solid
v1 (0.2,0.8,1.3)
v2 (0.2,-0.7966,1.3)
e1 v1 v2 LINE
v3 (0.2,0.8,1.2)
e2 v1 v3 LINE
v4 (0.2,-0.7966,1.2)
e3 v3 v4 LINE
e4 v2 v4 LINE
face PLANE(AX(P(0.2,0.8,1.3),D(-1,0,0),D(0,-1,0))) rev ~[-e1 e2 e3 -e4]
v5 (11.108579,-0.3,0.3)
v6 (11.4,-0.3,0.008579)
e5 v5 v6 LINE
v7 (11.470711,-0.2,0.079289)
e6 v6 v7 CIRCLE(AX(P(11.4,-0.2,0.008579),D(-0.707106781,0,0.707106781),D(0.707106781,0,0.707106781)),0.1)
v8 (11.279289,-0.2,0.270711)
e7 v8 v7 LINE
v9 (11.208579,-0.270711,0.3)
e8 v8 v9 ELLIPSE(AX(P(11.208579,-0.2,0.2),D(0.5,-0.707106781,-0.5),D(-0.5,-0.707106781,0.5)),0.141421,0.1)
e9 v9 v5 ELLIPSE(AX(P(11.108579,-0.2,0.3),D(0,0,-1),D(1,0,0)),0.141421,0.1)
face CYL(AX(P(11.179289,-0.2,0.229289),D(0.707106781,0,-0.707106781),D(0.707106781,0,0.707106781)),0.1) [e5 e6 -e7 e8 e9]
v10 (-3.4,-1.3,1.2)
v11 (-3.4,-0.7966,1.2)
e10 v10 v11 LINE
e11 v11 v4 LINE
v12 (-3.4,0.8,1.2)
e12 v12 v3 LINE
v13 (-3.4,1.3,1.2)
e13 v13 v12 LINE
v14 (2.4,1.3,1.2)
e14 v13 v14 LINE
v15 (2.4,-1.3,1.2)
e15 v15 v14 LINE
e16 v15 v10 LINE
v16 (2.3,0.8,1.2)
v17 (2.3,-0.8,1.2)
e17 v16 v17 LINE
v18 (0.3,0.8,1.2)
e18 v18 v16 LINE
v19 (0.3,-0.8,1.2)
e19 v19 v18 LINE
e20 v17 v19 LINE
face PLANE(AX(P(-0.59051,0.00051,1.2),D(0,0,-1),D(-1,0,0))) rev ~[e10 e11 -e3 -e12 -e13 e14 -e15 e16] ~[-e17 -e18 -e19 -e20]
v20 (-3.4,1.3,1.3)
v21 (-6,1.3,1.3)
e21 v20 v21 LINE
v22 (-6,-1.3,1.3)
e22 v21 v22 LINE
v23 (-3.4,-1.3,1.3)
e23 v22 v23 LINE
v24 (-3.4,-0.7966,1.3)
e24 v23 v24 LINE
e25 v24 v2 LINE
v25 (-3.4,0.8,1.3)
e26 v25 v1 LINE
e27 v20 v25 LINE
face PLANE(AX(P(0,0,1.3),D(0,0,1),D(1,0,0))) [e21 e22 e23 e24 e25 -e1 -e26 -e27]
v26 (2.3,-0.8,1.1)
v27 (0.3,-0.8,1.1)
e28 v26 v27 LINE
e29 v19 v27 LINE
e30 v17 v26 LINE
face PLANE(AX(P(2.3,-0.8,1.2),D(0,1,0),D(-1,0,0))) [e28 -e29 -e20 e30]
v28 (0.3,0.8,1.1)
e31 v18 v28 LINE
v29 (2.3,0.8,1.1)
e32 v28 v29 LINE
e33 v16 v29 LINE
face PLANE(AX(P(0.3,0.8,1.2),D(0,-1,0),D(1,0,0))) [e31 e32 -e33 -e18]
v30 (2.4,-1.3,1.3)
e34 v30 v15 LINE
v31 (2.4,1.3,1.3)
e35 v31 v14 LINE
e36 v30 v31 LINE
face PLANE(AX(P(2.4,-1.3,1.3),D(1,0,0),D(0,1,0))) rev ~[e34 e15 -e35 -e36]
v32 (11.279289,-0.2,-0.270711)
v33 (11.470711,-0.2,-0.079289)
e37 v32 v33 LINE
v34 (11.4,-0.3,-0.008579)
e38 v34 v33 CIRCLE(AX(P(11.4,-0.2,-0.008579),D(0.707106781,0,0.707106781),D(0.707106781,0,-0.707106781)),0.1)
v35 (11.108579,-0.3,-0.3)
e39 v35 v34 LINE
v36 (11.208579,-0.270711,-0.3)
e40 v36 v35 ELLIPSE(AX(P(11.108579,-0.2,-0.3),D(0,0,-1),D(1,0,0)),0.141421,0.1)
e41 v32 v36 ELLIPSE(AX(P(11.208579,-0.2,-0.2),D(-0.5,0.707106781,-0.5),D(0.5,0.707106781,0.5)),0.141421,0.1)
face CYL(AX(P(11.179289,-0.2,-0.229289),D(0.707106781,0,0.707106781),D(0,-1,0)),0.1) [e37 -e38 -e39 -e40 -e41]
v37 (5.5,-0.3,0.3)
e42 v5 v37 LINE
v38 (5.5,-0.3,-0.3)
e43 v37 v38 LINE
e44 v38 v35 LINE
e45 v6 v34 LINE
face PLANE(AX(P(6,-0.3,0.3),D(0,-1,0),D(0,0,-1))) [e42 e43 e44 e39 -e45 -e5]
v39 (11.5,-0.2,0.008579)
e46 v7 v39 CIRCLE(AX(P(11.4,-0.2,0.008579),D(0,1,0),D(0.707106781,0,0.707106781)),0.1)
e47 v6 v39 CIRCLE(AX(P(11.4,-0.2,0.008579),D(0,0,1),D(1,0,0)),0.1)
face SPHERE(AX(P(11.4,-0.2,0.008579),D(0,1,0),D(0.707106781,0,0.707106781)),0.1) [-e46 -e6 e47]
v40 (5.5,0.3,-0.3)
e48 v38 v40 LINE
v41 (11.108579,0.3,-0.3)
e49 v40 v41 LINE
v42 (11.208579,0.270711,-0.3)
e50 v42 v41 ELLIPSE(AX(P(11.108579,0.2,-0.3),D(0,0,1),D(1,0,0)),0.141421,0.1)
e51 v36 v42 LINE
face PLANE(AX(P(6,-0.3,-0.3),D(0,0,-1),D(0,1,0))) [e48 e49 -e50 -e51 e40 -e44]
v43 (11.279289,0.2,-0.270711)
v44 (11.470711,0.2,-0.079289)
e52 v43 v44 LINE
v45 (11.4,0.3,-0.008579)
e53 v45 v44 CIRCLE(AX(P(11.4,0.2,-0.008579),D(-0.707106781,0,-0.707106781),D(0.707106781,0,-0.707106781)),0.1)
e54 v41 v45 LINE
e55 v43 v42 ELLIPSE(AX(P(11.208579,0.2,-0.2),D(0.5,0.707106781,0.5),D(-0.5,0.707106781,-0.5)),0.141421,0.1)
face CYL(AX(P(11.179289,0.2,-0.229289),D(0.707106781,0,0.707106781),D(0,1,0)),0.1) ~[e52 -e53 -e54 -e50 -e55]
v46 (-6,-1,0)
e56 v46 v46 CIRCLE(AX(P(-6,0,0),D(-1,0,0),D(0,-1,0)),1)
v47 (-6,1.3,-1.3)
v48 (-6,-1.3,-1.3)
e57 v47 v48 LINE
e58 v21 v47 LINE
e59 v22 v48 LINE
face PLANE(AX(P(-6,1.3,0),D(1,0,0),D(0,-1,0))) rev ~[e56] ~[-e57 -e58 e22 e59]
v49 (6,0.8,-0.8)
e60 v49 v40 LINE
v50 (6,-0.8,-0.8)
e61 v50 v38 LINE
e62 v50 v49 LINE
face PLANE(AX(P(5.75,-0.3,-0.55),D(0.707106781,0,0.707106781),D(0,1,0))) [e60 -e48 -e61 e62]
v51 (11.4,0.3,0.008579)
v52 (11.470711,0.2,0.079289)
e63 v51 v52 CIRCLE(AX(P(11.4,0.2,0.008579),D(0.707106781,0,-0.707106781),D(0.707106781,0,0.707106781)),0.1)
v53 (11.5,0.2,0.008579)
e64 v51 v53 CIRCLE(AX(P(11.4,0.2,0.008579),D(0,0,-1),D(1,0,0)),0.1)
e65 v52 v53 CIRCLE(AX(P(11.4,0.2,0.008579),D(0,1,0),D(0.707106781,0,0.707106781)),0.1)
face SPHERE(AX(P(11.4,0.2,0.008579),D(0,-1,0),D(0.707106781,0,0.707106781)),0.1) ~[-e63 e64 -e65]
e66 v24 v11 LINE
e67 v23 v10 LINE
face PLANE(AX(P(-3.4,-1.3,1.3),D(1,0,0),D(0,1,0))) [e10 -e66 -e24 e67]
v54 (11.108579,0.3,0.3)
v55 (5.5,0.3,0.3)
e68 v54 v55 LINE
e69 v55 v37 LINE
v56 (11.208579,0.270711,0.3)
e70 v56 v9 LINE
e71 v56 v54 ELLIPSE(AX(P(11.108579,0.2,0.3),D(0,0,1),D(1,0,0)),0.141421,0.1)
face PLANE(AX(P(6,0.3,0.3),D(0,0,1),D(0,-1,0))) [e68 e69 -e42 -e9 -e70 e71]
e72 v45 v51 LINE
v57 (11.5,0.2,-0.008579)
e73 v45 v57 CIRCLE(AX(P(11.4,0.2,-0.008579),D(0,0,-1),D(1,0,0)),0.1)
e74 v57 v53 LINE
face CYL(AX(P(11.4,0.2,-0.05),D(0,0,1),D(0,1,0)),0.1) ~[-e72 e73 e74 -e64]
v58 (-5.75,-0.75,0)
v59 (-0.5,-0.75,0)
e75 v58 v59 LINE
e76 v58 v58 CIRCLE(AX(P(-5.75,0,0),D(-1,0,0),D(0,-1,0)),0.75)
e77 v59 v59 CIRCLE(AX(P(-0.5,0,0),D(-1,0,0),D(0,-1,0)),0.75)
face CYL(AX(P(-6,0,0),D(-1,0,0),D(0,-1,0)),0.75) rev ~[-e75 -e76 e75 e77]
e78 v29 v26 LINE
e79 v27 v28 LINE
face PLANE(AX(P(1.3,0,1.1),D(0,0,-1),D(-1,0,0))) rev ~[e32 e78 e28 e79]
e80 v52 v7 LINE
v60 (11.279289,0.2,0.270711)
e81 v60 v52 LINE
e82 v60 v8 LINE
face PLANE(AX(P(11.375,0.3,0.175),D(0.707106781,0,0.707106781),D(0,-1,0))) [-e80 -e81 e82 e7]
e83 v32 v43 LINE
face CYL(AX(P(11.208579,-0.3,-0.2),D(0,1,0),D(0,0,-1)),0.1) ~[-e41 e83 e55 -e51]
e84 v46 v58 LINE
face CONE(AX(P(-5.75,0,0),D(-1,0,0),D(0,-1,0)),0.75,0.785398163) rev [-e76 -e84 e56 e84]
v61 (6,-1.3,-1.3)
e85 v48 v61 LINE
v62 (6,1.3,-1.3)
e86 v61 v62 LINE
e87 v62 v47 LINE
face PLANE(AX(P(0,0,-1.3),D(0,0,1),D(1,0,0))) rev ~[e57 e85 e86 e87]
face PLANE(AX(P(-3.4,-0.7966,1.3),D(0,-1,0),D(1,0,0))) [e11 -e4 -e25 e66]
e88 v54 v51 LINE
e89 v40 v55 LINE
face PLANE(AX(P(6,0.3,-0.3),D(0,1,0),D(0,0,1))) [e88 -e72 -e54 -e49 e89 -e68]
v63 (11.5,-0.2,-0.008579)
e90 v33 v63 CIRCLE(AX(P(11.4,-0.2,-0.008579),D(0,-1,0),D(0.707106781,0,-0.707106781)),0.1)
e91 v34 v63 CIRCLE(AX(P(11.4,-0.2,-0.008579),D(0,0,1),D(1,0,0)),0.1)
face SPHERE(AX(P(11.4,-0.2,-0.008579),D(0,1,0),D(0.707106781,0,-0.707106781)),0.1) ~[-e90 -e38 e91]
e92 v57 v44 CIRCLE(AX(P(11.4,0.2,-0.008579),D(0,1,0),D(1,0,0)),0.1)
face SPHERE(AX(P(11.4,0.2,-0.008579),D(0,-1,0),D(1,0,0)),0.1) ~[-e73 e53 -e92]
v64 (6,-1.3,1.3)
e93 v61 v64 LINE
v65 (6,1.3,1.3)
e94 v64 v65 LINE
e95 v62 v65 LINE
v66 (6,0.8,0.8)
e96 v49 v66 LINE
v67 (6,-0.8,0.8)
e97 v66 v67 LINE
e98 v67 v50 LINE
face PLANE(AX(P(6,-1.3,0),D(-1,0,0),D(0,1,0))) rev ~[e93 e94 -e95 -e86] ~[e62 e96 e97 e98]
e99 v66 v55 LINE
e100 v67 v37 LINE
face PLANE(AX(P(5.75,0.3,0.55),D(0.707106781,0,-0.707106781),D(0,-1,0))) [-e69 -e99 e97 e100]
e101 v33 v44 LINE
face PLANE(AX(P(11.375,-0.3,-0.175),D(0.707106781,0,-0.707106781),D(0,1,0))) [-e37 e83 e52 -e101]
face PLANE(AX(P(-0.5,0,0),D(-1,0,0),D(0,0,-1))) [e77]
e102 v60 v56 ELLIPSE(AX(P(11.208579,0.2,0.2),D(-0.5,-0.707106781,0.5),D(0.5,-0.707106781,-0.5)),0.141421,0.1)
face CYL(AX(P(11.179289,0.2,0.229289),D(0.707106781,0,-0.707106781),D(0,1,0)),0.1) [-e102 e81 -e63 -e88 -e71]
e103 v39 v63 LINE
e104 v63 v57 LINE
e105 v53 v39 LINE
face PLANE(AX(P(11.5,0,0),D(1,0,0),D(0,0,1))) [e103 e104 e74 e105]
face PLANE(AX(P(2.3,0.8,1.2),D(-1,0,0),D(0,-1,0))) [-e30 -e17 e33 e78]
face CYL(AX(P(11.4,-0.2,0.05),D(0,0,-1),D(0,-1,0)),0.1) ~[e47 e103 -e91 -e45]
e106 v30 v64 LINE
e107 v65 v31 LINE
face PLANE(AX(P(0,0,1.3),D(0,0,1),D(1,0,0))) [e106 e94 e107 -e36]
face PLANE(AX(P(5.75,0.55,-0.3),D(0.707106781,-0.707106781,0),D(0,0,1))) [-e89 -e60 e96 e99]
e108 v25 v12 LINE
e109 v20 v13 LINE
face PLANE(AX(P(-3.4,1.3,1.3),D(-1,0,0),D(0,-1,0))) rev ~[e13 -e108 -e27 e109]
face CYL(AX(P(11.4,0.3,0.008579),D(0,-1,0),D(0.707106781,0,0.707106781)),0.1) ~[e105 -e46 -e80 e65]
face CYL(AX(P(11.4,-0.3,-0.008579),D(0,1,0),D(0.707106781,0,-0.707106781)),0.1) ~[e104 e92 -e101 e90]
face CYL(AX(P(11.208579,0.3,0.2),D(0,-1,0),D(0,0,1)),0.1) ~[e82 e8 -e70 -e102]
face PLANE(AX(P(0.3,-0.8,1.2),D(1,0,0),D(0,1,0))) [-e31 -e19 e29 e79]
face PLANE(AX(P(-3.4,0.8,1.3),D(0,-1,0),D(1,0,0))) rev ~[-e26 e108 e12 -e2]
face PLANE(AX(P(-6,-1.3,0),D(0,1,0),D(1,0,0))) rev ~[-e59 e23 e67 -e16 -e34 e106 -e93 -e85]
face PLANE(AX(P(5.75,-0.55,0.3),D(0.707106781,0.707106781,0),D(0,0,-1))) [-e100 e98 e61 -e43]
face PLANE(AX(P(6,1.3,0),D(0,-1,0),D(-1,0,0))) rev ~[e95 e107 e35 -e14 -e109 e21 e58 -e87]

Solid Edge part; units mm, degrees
sketch "Sketch1" plane through (0, 0, 0) normal (0, 0, 1) x (1, 0, 0)
  line L0 (-6, -1.3) -> (6, -1.3)
  line L1 (6, -1.3) -> (6, 1.3)
  line L2 (6, 1.3) -> (-6, 1.3)
  line L3 (-6, 1.3) -> (-6, -1.3)
  dimension "D1" = 2.6
  dimension "D2" = 12
extrude "Protrusion1" add sketch "Sketch1" along normal mid plane 2.6
sketch "Sketch2" plane through (6, 0, 0) normal (1, 0, 0) x (0, 1, 0)
  line L0 (-0.3, -0.3) -> (0.3, -0.3)
  line L1 (0.3, -0.3) -> (0.3, 0.3)
  line L2 (0.3, 0.3) -> (-0.3, 0.3)
  line L3 (-0.3, 0.3) -> (-0.3, -0.3)
  dimension "D1" = 0.6
  dimension "D2" = 0.6
extrude "Extrusionsausschnitt_1" cut sketch "Sketch2" against normal blind 5.5
chamfer "Fase_1" distance 0.5 angle 45 4 edges at (6, 0, 0.3) (6, 0.3, 0) (6, -0.3, 0) (6, 0, -0.3)
sketch "Sketch3" plane through (-6, 0, 0) normal (-1, 0, 0) x (0, -1, 0)
  circle A0 centre (0, 0) radius 0.75
  dimension "D1" = 1.5
extrude "Extrusionsausschnitt_2" cut sketch "Sketch3" against normal blind 5.5
sketch "Sketch4" plane through (0, 0, 1.3) normal (0, 0, 1) x (1, 0, 0)
  line L0 (0.2, -1.3) -> (-3.4, -1.3)
  line L1 (-3.4, -1.3) -> (-3.4, -0.7966)
  line L2 (-3.4, -0.7966) -> (0.2, -0.7966)
  line L3 (0.2, 0.8) -> (0.2, -0.7966)
  line L4 (-3.4, 0.8) -> (0.2, 0.8)
  line L5 (-3.4, 1.3) -> (-3.4, 0.8)
  line L6 (0.2, 1.3) -> (-3.4, 1.3)
  line L7 (2.4, 1.3) -> (0.2, 1.3)
  line L8 (2.4, -1.3) -> (2.4, 1.3)
  line L9 (0.2, -1.3) -> (2.4, -1.3)
  dimension "D1" = 3.6
  dimension "D2" = 2.2
  dimension "D3" = 0.5
  dimension "D4" = 0.5034
  dimension "D5" = 3.6
extrude "Extrusionsausschnitt_3" cut sketch "Sketch4" against normal blind 0.1
sketch "Sketch5" plane through (-0.5, 0, 1.2) normal (0, 0, 1) x (1, 0, 0)
  line L0 (0.8, 0.8) -> (2.8, 0.8)
  line L1 (2.8, 0.8) -> (2.8, -0.8)
  line L2 (2.8, -0.8) -> (0.8, -0.8)
  line L3 (0.8, -0.8) -> (0.8, 0.8)
  dimension "D1" = 0.1
  dimension "D2" = 0.1
  dimension "D3" = 1.6
  dimension "D4" = 0.5
extrude "Extrusionsausschnitt_4" cut sketch "Sketch5" against normal blind 0.1
sketch "Sketch6" plane through (6, 0, 0) normal (1, 0, 0) x (0, 0, -1)
  line L0 (-0.3, -0.3) -> (0.3, -0.3)
  line L1 (0.3, -0.3) -> (0.3, 0.3)
  line L2 (0.3, 0.3) -> (-0.3, 0.3)
  line L3 (-0.3, 0.3) -> (-0.3, -0.3)
extrude "Extrusionsausprägung_2" add sketch "Sketch6" against normal blind 5.5 and the other way blind 5.5
chamfer "Fase_2" distance 0.25 angle 45 2 edges at (11.5, 0, 0.3) (11.5, 0, -0.3)
fillet "Verrundung_1" radius 0.1 10 edges at (11.5, 0, 0.05) (11.5, 0, -0.05) (11.25, 0, 0.3) (11.25, 0, -0.3) (11.375, -0.3, -0.175) (11.375, -0.3, 0.175) (11.5, -0.3, 0) (11.375, 0.3, 0.175) (11.5, 0.3, 0) (11.375, 0.3, -0.175)
chamfer "Fase_3" distance 0.25 angle 45 1 edges at (-6, 0.75, 0)
